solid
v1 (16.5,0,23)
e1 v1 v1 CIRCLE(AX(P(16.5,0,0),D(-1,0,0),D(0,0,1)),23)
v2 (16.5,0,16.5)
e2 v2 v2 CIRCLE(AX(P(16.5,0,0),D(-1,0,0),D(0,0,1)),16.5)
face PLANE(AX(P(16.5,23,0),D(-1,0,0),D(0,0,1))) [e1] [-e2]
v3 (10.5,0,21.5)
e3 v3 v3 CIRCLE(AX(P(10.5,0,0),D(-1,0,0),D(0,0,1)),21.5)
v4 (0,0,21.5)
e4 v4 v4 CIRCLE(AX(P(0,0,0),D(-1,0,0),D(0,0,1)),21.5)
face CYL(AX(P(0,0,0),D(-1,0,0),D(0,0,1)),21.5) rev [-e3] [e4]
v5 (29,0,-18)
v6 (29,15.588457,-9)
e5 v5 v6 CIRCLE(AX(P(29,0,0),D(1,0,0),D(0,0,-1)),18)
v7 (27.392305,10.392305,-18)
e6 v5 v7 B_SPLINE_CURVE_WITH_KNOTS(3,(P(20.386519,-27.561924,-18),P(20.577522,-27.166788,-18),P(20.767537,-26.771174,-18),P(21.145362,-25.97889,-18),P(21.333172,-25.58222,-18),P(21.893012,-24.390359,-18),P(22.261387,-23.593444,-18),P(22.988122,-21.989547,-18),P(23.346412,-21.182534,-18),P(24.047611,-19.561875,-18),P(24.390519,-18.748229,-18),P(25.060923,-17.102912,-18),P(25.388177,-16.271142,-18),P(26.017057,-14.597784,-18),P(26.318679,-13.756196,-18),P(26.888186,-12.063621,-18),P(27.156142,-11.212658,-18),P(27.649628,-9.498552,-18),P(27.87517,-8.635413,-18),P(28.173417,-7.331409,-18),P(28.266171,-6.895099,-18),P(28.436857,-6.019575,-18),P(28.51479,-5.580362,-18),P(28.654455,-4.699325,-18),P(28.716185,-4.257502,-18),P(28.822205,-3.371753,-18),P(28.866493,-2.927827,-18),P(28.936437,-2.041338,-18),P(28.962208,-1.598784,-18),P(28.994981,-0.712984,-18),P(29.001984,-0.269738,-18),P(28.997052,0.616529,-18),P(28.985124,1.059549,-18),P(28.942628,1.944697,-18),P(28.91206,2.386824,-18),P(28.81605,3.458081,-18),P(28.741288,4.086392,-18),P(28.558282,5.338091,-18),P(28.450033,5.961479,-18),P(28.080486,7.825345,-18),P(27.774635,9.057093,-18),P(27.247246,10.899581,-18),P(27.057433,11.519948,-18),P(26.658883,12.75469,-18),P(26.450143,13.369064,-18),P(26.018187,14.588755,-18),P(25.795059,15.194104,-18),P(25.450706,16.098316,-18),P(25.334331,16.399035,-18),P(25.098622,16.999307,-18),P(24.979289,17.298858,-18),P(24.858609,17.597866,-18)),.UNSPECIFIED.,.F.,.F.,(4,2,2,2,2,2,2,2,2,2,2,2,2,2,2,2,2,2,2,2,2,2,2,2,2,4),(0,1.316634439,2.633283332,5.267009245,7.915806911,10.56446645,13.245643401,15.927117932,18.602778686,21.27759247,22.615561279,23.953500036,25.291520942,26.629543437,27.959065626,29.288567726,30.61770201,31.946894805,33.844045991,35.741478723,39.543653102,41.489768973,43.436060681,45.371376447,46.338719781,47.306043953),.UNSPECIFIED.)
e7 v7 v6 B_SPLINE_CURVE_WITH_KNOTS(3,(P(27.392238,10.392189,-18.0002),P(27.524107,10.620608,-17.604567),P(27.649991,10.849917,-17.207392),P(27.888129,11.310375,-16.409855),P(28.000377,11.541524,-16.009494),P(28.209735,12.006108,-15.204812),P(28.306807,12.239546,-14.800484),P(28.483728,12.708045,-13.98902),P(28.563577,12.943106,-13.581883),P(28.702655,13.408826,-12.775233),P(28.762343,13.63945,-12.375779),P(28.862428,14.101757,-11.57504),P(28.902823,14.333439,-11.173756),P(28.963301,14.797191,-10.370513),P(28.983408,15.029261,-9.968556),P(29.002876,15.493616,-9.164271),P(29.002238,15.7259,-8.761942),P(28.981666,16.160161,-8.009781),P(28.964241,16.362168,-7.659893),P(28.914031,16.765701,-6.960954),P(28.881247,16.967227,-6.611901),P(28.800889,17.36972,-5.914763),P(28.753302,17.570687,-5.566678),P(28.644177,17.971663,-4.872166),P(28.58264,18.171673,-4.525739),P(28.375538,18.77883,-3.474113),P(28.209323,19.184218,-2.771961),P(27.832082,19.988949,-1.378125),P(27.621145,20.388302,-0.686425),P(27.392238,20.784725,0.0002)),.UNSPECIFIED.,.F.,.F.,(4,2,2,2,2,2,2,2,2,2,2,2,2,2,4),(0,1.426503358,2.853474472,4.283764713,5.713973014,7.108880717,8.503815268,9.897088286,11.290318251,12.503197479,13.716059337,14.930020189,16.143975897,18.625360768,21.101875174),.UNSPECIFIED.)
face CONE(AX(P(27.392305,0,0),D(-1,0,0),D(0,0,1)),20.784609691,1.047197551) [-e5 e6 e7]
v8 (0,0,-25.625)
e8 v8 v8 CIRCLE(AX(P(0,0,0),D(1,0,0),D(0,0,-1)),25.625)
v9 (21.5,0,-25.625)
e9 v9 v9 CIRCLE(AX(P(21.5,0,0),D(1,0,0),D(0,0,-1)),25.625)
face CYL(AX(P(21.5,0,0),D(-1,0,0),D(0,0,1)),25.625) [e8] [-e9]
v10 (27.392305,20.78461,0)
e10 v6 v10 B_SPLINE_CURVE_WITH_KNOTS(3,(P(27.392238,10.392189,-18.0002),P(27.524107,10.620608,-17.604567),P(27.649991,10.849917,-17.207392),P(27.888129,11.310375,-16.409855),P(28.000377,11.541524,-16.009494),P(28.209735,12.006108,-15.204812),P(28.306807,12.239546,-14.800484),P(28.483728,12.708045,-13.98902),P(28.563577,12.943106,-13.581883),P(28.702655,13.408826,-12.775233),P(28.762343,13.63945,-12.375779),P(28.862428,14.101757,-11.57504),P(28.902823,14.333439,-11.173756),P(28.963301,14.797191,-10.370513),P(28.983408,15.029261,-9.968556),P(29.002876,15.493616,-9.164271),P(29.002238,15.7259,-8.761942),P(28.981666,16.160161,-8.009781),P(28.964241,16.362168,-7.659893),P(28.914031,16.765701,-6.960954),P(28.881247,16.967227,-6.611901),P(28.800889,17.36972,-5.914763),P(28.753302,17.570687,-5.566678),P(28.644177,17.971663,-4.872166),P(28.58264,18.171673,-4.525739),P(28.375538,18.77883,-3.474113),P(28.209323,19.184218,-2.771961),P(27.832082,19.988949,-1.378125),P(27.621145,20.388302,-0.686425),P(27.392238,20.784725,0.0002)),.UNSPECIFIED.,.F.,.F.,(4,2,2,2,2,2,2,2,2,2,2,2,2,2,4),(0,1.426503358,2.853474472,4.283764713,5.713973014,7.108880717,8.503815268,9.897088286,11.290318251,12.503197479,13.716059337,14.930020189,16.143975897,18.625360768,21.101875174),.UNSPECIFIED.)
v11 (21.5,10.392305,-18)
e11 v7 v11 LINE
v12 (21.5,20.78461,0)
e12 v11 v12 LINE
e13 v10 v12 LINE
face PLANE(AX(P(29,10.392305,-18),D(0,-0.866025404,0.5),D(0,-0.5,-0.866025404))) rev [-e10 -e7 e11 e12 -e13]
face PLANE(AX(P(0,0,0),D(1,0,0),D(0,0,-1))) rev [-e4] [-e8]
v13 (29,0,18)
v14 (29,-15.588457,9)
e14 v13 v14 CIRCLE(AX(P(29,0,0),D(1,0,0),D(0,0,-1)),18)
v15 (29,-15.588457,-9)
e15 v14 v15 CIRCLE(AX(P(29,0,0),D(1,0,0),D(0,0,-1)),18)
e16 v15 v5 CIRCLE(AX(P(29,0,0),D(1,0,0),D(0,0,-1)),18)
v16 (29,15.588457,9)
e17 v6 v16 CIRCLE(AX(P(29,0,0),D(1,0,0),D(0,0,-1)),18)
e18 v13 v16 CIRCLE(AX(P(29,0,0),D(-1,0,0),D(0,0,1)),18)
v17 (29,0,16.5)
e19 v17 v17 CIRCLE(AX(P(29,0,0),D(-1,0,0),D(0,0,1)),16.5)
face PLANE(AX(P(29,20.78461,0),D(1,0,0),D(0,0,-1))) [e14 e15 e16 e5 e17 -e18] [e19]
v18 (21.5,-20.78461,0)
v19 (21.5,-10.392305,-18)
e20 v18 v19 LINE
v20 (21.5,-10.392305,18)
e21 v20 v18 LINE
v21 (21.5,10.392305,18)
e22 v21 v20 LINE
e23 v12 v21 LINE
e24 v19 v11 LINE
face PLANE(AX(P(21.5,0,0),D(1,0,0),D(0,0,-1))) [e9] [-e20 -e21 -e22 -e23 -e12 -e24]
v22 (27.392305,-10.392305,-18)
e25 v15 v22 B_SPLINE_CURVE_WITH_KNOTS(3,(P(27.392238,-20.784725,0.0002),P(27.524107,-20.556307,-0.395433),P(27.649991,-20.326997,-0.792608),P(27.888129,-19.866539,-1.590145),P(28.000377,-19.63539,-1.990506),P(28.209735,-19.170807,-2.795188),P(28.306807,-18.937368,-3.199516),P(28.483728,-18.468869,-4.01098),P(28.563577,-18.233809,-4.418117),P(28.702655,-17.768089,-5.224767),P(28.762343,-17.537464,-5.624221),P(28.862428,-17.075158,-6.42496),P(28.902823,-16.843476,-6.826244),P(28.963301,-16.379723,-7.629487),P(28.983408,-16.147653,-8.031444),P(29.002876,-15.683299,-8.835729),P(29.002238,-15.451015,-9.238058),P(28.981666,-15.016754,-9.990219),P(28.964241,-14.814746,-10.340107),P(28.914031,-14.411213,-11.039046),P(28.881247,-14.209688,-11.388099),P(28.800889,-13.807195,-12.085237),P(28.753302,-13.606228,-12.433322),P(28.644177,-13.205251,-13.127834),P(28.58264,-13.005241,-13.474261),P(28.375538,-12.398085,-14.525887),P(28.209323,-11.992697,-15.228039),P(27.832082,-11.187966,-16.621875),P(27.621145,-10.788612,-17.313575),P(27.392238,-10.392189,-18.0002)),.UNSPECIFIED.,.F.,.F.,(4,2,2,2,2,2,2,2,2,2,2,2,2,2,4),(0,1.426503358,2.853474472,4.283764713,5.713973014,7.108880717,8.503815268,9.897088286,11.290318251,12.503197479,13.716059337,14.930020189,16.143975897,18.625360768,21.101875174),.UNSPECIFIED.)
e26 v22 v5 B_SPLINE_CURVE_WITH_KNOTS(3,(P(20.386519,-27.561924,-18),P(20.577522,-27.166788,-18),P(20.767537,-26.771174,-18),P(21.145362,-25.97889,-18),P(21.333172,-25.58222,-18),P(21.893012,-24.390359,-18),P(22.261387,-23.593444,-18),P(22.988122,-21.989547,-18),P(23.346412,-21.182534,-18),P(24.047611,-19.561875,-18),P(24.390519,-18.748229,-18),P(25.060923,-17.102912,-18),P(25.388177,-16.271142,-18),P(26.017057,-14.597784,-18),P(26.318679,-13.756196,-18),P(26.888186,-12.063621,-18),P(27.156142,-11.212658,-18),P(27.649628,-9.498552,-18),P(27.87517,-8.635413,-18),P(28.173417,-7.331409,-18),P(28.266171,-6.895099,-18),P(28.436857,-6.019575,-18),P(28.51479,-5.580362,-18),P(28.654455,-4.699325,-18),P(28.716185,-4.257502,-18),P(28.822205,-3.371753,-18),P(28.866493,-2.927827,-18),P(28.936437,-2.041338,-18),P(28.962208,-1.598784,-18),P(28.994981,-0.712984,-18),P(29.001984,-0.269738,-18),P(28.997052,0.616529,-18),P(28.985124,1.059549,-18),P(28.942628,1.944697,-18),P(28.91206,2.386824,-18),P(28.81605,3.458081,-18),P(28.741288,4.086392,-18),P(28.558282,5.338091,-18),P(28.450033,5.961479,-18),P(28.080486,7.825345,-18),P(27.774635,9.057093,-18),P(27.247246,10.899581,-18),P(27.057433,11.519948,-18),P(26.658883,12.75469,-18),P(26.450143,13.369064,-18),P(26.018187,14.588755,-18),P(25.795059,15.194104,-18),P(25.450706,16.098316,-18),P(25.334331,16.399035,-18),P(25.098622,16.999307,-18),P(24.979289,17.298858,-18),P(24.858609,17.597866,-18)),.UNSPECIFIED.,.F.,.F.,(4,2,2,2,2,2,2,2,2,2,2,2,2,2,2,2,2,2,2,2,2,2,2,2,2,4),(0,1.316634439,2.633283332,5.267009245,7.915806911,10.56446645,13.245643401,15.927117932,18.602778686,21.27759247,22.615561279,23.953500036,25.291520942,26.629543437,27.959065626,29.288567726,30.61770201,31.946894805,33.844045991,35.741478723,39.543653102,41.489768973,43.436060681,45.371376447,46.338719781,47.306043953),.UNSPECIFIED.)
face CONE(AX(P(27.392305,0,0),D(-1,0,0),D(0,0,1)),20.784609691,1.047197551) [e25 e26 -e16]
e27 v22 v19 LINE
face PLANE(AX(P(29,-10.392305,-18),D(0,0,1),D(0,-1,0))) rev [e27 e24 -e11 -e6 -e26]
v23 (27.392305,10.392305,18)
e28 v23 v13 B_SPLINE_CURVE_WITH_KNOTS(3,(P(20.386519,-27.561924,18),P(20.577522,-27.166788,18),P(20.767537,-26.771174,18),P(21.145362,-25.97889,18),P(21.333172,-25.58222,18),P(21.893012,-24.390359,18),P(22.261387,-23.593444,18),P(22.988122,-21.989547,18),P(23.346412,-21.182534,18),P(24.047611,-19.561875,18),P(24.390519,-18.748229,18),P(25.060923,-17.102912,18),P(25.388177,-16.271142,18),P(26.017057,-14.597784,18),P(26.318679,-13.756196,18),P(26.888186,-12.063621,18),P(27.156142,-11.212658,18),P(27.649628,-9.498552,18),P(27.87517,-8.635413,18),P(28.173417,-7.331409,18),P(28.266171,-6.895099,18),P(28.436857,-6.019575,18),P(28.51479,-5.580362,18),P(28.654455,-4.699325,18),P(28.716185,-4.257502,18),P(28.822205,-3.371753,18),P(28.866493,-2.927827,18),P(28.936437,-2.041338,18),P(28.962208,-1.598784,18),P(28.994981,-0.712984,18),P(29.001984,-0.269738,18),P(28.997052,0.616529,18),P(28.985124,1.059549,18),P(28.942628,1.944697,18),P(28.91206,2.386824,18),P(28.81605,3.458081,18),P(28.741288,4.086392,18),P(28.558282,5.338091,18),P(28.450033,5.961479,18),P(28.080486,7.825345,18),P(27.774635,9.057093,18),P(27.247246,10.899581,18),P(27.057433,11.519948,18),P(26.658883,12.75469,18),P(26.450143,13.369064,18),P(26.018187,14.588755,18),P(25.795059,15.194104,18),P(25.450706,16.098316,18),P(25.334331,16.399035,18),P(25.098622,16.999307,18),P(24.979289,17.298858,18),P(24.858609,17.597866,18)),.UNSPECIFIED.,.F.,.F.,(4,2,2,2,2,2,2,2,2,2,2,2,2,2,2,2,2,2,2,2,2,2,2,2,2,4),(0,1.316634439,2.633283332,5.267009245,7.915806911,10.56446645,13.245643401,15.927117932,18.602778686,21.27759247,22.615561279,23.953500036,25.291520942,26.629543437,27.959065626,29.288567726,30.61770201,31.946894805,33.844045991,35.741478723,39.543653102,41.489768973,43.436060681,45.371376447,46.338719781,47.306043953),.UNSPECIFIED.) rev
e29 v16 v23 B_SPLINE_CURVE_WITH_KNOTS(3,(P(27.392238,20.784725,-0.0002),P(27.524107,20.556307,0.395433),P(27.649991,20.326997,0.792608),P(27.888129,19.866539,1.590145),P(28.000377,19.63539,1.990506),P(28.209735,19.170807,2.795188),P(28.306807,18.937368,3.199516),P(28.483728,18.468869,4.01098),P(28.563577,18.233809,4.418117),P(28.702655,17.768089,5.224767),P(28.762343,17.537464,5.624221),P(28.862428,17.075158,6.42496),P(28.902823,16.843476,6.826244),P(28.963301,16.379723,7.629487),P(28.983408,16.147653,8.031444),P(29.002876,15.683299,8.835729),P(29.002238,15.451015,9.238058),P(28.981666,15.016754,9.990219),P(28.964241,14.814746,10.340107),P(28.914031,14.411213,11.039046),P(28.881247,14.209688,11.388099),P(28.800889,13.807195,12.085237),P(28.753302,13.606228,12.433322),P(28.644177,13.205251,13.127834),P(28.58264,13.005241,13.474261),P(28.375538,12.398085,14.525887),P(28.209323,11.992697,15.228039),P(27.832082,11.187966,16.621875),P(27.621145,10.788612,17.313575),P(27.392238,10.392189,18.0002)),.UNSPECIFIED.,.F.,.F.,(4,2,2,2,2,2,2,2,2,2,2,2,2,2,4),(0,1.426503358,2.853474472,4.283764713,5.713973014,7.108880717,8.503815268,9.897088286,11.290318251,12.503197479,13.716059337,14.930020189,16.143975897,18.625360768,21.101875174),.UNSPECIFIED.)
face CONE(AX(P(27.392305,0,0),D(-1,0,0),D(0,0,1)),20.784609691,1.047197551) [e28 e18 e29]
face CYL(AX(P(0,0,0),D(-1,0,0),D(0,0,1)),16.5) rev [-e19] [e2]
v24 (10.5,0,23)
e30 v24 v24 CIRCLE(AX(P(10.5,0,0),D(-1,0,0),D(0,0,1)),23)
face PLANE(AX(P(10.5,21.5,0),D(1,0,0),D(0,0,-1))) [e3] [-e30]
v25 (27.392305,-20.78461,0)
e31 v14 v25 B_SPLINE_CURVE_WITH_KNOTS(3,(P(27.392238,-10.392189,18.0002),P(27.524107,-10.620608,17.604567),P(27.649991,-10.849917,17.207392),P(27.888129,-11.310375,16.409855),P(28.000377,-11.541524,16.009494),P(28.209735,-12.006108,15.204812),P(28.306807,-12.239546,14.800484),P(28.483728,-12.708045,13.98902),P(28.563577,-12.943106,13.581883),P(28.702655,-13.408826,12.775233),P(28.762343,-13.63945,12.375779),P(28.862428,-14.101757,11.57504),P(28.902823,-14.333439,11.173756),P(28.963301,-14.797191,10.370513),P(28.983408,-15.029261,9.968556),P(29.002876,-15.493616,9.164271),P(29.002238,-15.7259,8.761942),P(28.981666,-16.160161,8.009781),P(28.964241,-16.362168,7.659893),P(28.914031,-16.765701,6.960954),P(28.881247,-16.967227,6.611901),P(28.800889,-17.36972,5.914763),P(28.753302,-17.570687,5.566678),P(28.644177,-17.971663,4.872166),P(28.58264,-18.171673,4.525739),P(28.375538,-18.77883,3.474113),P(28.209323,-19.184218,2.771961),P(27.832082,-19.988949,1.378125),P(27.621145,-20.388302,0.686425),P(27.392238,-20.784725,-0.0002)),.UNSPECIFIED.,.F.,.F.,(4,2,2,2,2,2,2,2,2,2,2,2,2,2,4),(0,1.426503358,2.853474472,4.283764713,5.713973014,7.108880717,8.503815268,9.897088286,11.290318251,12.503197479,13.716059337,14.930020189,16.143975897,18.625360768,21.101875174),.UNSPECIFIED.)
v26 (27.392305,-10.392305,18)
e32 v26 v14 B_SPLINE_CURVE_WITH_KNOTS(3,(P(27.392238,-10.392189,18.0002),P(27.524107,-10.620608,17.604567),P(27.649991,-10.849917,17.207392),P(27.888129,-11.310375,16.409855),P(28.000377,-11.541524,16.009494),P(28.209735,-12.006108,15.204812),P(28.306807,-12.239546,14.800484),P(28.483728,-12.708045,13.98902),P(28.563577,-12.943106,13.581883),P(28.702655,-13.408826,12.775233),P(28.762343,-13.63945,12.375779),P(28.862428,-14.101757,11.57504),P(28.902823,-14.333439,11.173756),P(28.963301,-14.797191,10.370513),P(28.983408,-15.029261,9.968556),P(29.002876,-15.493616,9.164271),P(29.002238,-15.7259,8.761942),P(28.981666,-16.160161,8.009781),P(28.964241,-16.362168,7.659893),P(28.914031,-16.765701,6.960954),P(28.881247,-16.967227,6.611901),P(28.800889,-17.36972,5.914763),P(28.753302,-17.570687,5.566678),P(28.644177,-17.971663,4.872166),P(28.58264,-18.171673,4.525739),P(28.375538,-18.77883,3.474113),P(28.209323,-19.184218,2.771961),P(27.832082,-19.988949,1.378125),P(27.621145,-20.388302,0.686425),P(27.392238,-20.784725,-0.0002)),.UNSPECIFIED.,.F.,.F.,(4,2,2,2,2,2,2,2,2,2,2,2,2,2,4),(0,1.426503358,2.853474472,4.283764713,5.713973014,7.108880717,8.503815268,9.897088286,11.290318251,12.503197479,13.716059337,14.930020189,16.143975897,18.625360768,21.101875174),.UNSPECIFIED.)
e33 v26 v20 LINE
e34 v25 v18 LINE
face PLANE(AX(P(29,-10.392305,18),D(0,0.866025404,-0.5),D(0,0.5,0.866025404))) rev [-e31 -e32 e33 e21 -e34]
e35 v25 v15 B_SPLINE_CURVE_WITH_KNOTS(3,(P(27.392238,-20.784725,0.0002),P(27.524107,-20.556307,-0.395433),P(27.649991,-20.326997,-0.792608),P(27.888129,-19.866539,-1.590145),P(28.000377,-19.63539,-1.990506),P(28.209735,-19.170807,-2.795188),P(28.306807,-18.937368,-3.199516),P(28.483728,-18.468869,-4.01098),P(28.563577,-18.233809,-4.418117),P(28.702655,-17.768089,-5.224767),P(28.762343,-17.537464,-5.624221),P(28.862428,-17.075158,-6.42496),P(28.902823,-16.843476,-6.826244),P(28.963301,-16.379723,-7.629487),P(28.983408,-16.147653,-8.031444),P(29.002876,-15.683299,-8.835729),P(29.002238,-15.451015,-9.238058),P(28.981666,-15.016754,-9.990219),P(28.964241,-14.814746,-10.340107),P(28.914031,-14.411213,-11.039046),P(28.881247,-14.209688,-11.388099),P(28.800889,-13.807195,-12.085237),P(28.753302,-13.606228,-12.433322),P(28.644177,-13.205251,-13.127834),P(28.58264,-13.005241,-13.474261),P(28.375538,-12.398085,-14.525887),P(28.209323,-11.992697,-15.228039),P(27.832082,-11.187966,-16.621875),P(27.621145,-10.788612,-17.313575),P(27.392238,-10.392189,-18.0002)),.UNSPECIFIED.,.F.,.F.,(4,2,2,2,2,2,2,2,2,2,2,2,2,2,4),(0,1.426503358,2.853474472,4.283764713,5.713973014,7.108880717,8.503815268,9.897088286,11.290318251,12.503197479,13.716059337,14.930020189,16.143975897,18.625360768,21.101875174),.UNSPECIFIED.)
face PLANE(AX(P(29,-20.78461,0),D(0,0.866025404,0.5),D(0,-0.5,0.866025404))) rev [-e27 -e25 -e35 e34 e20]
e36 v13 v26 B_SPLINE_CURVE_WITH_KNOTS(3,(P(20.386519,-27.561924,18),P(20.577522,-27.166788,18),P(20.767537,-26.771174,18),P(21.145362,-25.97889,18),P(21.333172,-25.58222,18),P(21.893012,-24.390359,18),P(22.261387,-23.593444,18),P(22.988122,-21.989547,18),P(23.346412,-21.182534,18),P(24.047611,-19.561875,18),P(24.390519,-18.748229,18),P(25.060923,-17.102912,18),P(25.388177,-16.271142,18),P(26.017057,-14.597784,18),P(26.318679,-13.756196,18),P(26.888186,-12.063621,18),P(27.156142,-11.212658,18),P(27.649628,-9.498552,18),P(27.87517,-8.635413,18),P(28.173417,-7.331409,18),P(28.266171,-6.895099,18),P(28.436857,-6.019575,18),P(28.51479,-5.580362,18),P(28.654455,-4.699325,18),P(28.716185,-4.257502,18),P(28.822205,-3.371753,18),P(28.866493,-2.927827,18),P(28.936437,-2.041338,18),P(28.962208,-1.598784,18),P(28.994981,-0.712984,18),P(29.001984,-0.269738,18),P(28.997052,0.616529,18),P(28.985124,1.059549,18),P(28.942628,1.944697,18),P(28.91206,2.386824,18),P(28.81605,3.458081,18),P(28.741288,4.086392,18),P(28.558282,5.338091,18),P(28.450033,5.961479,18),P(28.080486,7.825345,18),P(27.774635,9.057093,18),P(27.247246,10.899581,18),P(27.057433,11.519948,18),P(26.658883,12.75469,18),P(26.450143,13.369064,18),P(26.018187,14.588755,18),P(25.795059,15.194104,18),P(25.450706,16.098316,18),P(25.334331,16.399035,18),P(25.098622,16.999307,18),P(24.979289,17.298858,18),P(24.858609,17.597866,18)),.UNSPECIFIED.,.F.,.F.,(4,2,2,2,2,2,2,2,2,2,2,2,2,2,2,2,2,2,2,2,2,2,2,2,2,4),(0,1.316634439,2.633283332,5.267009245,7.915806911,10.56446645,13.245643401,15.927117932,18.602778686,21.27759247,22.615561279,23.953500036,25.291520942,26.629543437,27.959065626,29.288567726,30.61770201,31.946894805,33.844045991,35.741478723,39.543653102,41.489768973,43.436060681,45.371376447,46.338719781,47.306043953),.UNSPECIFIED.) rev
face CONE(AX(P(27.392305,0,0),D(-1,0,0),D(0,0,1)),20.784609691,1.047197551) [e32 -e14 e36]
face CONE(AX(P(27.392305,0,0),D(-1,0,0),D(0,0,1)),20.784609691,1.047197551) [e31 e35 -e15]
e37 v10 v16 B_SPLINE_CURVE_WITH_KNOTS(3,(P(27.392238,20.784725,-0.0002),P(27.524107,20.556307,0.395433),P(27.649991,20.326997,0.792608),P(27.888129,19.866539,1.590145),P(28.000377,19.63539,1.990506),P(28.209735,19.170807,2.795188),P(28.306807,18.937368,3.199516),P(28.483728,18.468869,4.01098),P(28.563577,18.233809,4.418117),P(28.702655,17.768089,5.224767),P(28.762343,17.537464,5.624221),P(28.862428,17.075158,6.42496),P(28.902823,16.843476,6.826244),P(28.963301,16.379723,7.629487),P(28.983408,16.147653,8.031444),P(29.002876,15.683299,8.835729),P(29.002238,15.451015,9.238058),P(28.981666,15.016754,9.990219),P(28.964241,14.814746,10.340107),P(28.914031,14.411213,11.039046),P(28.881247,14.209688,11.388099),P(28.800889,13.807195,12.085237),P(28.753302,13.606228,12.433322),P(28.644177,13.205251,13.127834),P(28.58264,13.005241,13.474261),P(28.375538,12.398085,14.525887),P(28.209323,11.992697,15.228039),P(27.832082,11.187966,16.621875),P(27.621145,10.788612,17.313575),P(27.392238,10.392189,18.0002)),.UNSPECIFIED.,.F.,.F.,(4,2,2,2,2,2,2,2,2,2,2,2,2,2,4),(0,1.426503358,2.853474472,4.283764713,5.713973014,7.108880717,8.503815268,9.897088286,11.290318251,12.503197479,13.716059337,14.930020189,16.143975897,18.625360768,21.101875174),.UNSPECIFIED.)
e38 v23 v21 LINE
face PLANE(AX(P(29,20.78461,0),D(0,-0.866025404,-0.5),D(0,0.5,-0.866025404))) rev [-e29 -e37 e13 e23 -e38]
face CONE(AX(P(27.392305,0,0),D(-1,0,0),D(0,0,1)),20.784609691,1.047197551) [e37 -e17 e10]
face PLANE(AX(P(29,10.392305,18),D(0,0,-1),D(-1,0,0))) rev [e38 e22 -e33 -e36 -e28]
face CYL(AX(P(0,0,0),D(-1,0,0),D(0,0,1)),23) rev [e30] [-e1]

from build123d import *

# Parameters (mm, degrees)
SKETCH_2_R      = 25.625
EXTRUDE_1_DEPTH = 21.5
EXTRUDE_2_DEPTH = 7.5


with BuildPart() as part:
    # 草圖2 → 伸長1 (new body)
    with BuildSketch(Plane(origin=(0, 0, 0), x_dir=(0, 0, -1), z_dir=(1, 0, 0))):
        Circle(SKETCH_2_R)
    extrude(amount=EXTRUDE_1_DEPTH)

    # 草圖3 → 伸長2 (add)
    with BuildSketch(Plane(origin=(21.5, 0, 0), x_dir=(0, 0, -1), z_dir=(1, 0, 0))):
        Polygon((0, 20.784609691), (-18, 10.392304845), (-18, -10.392304845), (0, -20.784609691), (18, -10.392304845), (18, 10.392304845), align=None)
    extrude(amount=EXTRUDE_2_DEPTH)

    # 草圖4 → 除料-旋轉1 (revolve, cut)
    with BuildSketch(Plane.XY):
        Polygon((27.392304845, 20.784609691), (29, 20.784609691), (29, 18), align=None)
    revolve(axis=Axis((0, 0, 0), (1, 0, 0)), mode=Mode.SUBTRACT)

    # 草圖5 → 除料-旋轉2 (revolve, cut)
    with BuildSketch(Plane.XY, mode=Mode.PRIVATE) as cut_revolve_2_sk:
        Polygon((0, 0), (0, 21.5), (10.5, 21.5), (10.5, 23), (16.5, 23), (16.5, 16.5), (29, 16.5), (29, 0), align=None)
    revolve(cut_revolve_2_sk.sketch.rotate(Axis((0, 0, 0), (1, 0, 0)), 90), axis=Axis((0, 0, 0), (1, 0, 0)), mode=Mode.SUBTRACT)


solid = part.part
